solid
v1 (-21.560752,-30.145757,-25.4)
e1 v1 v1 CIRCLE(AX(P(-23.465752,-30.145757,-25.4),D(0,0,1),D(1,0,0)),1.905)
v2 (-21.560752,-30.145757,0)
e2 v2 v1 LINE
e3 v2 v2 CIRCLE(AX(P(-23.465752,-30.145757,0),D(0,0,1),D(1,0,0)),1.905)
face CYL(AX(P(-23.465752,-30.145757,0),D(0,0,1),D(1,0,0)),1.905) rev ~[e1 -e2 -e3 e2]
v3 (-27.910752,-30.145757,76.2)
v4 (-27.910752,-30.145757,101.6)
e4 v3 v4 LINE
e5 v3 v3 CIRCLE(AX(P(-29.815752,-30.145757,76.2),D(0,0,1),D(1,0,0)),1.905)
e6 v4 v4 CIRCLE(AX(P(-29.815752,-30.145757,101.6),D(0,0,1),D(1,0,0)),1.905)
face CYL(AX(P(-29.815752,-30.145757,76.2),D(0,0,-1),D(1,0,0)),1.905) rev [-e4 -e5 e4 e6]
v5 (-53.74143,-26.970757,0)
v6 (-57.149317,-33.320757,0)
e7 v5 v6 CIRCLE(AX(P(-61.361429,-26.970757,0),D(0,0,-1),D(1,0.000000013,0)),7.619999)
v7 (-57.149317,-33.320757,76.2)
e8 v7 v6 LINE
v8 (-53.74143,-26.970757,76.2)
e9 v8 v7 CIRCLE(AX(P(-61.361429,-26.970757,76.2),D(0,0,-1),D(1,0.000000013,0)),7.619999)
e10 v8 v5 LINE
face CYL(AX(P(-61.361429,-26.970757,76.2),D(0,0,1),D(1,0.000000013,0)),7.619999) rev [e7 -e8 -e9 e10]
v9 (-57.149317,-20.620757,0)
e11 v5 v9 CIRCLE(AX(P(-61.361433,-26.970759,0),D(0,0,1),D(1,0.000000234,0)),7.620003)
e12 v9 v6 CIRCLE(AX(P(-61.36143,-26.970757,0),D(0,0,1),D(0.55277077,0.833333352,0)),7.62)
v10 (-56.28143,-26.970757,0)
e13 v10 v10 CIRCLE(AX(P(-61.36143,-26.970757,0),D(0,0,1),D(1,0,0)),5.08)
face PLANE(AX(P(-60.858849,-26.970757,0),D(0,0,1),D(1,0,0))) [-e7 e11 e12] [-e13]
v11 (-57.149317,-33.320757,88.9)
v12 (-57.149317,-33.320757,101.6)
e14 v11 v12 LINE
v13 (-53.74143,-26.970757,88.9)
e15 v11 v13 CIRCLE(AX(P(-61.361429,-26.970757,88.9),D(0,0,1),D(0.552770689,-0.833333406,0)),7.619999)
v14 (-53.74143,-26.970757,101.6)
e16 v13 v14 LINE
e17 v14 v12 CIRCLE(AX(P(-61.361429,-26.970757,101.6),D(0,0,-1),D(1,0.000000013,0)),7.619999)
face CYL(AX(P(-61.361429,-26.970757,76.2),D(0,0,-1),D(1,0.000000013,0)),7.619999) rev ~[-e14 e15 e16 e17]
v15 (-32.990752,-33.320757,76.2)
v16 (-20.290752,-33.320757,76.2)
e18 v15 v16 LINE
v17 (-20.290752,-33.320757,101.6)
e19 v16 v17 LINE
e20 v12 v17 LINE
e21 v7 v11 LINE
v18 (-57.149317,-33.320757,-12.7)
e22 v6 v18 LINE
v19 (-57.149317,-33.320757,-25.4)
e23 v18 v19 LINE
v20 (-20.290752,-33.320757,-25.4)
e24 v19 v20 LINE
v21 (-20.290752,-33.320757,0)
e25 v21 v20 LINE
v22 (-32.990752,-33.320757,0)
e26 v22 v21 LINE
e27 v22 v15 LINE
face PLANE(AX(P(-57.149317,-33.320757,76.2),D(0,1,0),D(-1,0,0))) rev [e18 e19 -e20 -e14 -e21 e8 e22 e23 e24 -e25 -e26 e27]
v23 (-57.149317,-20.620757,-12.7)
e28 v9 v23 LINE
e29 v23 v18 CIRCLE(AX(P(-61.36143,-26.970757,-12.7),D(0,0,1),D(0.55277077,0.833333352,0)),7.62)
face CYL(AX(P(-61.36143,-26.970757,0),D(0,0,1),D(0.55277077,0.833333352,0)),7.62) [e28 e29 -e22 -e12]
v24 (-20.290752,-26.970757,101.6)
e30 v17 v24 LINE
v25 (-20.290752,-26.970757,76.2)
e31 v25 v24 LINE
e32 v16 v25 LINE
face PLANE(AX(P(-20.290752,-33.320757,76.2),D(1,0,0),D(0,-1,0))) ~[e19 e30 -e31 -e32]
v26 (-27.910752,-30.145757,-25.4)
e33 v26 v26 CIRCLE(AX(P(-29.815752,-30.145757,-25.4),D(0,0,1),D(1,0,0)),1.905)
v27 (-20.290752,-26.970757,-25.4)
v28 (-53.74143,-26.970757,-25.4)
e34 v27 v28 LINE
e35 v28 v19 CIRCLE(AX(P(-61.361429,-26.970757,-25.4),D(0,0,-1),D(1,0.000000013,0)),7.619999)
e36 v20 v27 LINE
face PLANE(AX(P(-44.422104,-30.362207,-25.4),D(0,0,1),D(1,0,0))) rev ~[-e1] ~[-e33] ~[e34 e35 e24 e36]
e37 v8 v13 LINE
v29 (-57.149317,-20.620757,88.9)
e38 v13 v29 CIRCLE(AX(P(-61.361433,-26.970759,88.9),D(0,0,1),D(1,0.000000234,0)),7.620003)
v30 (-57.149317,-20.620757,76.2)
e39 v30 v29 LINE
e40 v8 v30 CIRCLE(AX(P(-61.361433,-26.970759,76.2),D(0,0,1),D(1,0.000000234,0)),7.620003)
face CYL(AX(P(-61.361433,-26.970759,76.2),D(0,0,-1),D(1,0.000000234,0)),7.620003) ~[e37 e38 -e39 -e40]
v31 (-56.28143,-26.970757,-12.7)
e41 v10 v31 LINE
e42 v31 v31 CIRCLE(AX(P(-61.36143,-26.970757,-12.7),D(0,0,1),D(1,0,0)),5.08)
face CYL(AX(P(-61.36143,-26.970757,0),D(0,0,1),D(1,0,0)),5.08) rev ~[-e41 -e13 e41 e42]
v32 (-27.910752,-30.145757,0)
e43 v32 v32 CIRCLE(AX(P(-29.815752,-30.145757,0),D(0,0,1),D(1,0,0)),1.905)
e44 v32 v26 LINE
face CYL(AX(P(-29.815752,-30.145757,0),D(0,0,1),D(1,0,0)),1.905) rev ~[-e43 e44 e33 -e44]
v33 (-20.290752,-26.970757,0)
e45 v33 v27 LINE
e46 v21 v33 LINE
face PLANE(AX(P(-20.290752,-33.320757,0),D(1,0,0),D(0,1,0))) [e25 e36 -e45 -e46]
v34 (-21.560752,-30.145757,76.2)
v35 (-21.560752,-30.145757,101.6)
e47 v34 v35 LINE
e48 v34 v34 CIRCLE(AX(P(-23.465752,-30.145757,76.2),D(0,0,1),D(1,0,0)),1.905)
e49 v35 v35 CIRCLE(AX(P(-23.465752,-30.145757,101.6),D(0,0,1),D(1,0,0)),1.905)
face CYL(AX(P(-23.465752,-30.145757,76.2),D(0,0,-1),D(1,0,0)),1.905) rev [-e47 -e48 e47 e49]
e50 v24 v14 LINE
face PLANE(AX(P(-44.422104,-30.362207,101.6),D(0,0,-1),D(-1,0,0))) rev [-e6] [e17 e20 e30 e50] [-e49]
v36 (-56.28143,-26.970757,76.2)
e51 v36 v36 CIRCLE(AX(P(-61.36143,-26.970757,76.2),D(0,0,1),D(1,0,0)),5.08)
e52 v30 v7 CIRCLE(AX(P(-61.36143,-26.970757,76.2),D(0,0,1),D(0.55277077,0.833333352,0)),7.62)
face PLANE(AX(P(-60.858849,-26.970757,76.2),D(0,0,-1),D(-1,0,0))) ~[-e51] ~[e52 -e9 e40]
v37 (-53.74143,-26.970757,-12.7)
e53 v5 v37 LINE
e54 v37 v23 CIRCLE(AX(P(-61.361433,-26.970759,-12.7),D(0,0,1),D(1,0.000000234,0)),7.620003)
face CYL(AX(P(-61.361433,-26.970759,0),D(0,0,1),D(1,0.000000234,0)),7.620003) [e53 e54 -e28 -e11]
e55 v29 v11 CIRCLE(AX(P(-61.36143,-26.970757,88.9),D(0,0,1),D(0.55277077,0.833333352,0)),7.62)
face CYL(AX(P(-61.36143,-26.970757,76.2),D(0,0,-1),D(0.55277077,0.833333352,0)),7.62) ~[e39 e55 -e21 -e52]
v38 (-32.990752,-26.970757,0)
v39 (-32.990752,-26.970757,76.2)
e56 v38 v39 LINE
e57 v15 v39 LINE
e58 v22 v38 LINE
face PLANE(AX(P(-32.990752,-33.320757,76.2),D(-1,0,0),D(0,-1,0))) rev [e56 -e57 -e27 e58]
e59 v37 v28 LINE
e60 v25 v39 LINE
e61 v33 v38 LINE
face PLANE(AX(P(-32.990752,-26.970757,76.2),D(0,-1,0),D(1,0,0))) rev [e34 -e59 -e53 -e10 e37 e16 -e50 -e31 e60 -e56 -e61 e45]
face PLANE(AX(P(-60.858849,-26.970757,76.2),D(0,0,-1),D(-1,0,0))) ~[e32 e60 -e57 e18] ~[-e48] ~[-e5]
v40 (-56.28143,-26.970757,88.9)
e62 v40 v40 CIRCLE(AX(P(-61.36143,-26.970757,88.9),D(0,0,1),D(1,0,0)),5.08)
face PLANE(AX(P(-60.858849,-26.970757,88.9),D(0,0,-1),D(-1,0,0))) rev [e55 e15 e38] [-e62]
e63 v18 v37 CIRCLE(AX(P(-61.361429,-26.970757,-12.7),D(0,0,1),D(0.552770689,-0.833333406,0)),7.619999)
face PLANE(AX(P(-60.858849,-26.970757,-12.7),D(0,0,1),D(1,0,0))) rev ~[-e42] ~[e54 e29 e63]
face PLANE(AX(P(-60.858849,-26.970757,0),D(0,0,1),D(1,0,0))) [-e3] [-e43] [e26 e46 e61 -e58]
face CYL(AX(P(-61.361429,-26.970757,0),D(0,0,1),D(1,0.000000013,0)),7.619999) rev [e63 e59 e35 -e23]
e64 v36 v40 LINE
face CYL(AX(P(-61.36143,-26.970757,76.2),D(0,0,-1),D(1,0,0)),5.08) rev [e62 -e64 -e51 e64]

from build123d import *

# Parameters (mm, degrees)
F0_W     = 6.35
F0_H     = 6.35
F0_R     = 1.905
F1_DEPTH = 25.4
F0_R_2   = 5.08
F2_DEPTH = 12.7
F3_DEPTH = 38.1


with BuildPart() as f1:
    # F0 (on Top) → F1 (new body)
    with BuildSketch(Plane.XY):
        with BuildLine():
            Line((-57.149317, -33.320757), (-32.990752, -33.320757))
            Line((-32.990752, -33.320757), (-32.990752, -26.970757))
            Line((-32.990752, -26.970757), (-53.74143, -26.970757))
            ThreePointArc((-53.74143, -26.970757), (-54.64724, -30.574096), (-57.149317, -33.320757))
        make_face()
        with Locations((-29.815752, -30.145757)):
            Rectangle(F0_W, F0_H)
        with Locations((-29.815752, -30.145757)):
            Circle(F0_R, mode=Mode.SUBTRACT)
        with Locations((-23.465752, -30.145757)):
            Rectangle(F0_W, F0_H)
        with Locations((-23.465752, -30.145757)):
            Circle(F0_R, mode=Mode.SUBTRACT)
    extrude(amount=-F1_DEPTH)

    # F0 (on Top) → F2 (join)
    with BuildSketch(Plane.XY):
        with BuildLine():
            ThreePointArc((-57.149317, -20.620757), (-68.98143, -26.970757), (-57.149317, -33.320757))
            ThreePointArc((-57.149317, -33.320757), (-54.64724, -30.574096), (-53.74143, -26.970757))
            ThreePointArc((-53.74143, -26.970757), (-54.64724, -23.367419), (-57.149317, -20.620757))
        make_face()
        with Locations((-61.36143, -26.970757)):
            Circle(F0_R_2, mode=Mode.SUBTRACT)
    extrude(amount=-F2_DEPTH)

    # F0 (on Top) → F3 (join)
    with BuildSketch(Plane.XY):
        with BuildLine():
            Line((-57.149317, -33.320757), (-32.990752, -33.320757))
            Line((-32.990752, -33.320757), (-32.990752, -26.970757))
            Line((-32.990752, -26.970757), (-53.74143, -26.970757))
            ThreePointArc((-53.74143, -26.970757), (-54.64724, -30.574096), (-57.149317, -33.320757))
        make_face()
    extrude(amount=F3_DEPTH)

    # F4: F1 across face


with BuildPart() as f1_1:
    add(f1.part)
    add(f1.part.mirror(Plane(origin=(-43.892507, -30.223136, 38.1), x_dir=(1, 0, 0), z_dir=(0, 0, 1))))


solid = f1_1.part
